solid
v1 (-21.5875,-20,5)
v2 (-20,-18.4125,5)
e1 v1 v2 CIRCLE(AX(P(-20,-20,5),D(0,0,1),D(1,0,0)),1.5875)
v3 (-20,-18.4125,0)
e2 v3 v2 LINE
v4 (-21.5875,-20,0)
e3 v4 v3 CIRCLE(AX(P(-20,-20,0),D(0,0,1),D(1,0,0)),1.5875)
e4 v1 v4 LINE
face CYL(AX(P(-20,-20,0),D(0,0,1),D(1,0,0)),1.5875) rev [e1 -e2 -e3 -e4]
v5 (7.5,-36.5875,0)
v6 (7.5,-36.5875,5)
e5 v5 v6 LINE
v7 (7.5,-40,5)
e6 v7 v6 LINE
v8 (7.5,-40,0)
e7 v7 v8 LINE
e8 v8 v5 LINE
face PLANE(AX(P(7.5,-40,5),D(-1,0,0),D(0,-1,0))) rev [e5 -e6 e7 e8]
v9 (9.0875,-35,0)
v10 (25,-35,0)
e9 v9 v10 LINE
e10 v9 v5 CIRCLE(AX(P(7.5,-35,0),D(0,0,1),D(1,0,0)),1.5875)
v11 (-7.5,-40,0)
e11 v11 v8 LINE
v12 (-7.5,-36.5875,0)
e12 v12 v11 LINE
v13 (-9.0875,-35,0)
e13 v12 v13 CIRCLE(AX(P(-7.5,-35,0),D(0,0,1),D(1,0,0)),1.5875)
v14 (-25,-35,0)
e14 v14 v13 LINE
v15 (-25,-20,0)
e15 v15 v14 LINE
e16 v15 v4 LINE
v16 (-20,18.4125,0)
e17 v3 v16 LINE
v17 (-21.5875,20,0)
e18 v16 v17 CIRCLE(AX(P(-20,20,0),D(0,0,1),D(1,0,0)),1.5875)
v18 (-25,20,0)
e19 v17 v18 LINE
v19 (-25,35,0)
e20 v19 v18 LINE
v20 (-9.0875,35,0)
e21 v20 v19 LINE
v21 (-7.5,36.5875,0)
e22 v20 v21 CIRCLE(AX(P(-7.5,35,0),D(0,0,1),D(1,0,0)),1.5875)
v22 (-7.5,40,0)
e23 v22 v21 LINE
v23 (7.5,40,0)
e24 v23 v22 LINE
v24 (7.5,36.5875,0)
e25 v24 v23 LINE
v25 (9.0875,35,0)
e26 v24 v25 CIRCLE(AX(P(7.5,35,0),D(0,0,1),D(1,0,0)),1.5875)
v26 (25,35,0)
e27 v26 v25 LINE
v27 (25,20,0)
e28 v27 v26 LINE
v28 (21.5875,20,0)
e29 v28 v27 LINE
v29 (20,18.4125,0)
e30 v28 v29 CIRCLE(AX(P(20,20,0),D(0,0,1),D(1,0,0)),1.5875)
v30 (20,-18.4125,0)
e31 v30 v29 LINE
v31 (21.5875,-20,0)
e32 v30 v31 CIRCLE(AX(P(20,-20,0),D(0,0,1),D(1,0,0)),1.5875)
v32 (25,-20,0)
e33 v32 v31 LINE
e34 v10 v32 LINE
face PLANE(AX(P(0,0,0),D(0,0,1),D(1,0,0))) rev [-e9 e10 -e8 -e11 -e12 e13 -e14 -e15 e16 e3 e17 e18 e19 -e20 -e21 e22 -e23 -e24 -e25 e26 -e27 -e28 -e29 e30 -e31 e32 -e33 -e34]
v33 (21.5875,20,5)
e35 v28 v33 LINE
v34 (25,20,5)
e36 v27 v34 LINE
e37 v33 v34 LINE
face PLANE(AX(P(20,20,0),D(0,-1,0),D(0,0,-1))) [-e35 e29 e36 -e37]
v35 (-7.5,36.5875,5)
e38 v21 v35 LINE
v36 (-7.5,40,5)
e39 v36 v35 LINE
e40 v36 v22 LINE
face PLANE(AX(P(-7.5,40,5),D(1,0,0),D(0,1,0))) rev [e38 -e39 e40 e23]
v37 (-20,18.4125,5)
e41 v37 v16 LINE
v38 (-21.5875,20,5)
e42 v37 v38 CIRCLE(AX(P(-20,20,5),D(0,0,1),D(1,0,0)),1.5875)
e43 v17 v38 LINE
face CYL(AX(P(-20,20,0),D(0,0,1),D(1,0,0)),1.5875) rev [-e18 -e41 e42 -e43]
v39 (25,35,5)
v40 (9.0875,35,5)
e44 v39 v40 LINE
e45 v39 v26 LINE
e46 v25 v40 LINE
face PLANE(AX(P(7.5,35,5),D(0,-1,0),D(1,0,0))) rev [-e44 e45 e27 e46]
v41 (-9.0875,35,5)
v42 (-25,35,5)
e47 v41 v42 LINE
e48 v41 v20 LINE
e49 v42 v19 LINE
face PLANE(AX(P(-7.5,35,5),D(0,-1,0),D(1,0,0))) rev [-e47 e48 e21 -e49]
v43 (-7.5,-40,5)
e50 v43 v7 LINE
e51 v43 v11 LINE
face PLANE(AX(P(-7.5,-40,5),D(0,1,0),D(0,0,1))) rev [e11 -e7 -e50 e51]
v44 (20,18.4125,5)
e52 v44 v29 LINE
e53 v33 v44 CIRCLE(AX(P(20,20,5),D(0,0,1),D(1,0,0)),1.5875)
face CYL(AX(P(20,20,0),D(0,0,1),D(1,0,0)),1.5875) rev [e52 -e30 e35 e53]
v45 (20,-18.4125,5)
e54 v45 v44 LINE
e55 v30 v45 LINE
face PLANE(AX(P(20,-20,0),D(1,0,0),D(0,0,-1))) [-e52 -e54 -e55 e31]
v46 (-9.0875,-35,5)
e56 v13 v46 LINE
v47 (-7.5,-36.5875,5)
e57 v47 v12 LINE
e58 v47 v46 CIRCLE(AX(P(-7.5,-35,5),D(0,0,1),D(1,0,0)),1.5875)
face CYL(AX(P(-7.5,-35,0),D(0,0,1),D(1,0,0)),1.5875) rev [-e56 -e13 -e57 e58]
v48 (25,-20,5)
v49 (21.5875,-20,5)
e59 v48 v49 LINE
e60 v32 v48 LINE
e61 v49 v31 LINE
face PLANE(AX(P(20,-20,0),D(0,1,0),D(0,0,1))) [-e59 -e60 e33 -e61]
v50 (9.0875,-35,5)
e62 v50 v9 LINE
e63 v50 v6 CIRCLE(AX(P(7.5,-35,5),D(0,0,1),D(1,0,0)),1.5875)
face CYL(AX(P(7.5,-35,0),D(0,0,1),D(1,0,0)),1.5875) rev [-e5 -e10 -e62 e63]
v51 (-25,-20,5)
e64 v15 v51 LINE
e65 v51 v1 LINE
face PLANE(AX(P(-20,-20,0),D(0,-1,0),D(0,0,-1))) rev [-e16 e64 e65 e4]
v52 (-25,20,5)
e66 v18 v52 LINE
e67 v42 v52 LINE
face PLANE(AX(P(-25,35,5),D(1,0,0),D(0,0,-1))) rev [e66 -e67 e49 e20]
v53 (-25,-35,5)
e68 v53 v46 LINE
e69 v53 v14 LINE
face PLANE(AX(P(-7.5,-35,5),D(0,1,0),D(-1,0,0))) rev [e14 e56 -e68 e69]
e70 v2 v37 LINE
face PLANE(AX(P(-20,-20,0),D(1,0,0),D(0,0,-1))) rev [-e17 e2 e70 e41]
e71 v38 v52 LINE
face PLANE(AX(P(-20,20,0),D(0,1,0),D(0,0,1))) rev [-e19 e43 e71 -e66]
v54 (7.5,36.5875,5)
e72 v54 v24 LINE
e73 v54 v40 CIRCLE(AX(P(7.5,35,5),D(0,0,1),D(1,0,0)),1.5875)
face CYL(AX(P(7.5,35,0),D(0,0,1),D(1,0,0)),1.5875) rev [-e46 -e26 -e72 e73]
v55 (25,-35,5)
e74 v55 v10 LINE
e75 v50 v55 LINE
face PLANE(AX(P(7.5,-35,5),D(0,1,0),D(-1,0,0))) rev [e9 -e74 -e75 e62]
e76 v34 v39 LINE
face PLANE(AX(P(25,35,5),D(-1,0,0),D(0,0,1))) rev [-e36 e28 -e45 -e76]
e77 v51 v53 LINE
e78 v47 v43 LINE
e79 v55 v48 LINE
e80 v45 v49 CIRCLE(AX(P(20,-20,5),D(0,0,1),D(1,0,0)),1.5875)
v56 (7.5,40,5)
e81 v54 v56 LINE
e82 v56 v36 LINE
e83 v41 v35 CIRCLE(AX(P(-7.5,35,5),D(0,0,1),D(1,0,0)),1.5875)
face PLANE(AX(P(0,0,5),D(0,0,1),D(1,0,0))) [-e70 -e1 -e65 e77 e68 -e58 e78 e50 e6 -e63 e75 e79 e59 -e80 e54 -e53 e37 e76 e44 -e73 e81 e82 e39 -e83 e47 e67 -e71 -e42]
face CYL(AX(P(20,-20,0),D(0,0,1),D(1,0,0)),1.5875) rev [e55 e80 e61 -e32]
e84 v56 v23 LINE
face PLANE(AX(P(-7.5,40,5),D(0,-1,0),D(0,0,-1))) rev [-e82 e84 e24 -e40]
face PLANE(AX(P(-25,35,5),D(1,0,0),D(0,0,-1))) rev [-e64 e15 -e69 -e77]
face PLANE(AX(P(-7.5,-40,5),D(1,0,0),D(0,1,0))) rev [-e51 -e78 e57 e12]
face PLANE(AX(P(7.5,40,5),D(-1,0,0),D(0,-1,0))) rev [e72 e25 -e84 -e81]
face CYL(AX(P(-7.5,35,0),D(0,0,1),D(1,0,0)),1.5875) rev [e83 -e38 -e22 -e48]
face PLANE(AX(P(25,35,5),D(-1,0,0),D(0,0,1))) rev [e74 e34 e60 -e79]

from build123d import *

# Parameters (mm, degrees)
BOSS_EXTRUDE2_DEPTH = 5
SKETCH3_W           = 5
SKETCH3_H           = 40
CUT_EXTRUDE1_DEPTH  = 5
SKETCH4_R           = 1.5875
CUT_EXTRUDE2_DEPTH  = 6


with BuildPart() as part:
    # Sketch2 → Boss-Extrude2 (new body)
    with BuildSketch(Plane.XY):
        Polygon((-7.5, 40), (7.5, 40), (7.5, 35), (25, 35), (25, -35), (7.5, -35), (7.5, -40), (-7.5, -40), (-7.5, -35), (-25, -35), (-25, 35), (-7.5, 35), align=None)
    extrude(amount=BOSS_EXTRUDE2_DEPTH)

    # Sketch3 → Cut-Extrude1 (cut)
    with BuildSketch(Plane.XY.offset(5)):
        with Locations((-22.5, 0)):
            Rectangle(SKETCH3_W, SKETCH3_H)
    cut_extrude1 = extrude(amount=-CUT_EXTRUDE1_DEPTH, mode=Mode.SUBTRACT)

    # Mirror1: Cut-Extrude1 across plane
    add(cut_extrude1.mirror(Plane(origin=(0, 0, 0), x_dir=(0, 0, 1), z_dir=(1, 0, 0))), mode=Mode.SUBTRACT)

    # Sketch4 → Cut-Extrude2 (cut, through all)
    with BuildSketch(Plane.XY.offset(5)):
        with Locations((-7.5, 35)):
            Circle(SKETCH4_R)
        with Locations((7.5, 35)):
            Circle(SKETCH4_R)
        with Locations((20, 20)):
            Circle(SKETCH4_R)
        with Locations((-20, 20)):
            Circle(SKETCH4_R)
        with Locations((-20, -20)):
            Circle(SKETCH4_R)
        with Locations((-7.5, -35)):
            Circle(SKETCH4_R)
        with Locations((7.5, -35)):
            Circle(SKETCH4_R)
        with Locations((20, -20)):
            Circle(SKETCH4_R)
    extrude(amount=-CUT_EXTRUDE2_DEPTH, mode=Mode.SUBTRACT)


solid = part.part
